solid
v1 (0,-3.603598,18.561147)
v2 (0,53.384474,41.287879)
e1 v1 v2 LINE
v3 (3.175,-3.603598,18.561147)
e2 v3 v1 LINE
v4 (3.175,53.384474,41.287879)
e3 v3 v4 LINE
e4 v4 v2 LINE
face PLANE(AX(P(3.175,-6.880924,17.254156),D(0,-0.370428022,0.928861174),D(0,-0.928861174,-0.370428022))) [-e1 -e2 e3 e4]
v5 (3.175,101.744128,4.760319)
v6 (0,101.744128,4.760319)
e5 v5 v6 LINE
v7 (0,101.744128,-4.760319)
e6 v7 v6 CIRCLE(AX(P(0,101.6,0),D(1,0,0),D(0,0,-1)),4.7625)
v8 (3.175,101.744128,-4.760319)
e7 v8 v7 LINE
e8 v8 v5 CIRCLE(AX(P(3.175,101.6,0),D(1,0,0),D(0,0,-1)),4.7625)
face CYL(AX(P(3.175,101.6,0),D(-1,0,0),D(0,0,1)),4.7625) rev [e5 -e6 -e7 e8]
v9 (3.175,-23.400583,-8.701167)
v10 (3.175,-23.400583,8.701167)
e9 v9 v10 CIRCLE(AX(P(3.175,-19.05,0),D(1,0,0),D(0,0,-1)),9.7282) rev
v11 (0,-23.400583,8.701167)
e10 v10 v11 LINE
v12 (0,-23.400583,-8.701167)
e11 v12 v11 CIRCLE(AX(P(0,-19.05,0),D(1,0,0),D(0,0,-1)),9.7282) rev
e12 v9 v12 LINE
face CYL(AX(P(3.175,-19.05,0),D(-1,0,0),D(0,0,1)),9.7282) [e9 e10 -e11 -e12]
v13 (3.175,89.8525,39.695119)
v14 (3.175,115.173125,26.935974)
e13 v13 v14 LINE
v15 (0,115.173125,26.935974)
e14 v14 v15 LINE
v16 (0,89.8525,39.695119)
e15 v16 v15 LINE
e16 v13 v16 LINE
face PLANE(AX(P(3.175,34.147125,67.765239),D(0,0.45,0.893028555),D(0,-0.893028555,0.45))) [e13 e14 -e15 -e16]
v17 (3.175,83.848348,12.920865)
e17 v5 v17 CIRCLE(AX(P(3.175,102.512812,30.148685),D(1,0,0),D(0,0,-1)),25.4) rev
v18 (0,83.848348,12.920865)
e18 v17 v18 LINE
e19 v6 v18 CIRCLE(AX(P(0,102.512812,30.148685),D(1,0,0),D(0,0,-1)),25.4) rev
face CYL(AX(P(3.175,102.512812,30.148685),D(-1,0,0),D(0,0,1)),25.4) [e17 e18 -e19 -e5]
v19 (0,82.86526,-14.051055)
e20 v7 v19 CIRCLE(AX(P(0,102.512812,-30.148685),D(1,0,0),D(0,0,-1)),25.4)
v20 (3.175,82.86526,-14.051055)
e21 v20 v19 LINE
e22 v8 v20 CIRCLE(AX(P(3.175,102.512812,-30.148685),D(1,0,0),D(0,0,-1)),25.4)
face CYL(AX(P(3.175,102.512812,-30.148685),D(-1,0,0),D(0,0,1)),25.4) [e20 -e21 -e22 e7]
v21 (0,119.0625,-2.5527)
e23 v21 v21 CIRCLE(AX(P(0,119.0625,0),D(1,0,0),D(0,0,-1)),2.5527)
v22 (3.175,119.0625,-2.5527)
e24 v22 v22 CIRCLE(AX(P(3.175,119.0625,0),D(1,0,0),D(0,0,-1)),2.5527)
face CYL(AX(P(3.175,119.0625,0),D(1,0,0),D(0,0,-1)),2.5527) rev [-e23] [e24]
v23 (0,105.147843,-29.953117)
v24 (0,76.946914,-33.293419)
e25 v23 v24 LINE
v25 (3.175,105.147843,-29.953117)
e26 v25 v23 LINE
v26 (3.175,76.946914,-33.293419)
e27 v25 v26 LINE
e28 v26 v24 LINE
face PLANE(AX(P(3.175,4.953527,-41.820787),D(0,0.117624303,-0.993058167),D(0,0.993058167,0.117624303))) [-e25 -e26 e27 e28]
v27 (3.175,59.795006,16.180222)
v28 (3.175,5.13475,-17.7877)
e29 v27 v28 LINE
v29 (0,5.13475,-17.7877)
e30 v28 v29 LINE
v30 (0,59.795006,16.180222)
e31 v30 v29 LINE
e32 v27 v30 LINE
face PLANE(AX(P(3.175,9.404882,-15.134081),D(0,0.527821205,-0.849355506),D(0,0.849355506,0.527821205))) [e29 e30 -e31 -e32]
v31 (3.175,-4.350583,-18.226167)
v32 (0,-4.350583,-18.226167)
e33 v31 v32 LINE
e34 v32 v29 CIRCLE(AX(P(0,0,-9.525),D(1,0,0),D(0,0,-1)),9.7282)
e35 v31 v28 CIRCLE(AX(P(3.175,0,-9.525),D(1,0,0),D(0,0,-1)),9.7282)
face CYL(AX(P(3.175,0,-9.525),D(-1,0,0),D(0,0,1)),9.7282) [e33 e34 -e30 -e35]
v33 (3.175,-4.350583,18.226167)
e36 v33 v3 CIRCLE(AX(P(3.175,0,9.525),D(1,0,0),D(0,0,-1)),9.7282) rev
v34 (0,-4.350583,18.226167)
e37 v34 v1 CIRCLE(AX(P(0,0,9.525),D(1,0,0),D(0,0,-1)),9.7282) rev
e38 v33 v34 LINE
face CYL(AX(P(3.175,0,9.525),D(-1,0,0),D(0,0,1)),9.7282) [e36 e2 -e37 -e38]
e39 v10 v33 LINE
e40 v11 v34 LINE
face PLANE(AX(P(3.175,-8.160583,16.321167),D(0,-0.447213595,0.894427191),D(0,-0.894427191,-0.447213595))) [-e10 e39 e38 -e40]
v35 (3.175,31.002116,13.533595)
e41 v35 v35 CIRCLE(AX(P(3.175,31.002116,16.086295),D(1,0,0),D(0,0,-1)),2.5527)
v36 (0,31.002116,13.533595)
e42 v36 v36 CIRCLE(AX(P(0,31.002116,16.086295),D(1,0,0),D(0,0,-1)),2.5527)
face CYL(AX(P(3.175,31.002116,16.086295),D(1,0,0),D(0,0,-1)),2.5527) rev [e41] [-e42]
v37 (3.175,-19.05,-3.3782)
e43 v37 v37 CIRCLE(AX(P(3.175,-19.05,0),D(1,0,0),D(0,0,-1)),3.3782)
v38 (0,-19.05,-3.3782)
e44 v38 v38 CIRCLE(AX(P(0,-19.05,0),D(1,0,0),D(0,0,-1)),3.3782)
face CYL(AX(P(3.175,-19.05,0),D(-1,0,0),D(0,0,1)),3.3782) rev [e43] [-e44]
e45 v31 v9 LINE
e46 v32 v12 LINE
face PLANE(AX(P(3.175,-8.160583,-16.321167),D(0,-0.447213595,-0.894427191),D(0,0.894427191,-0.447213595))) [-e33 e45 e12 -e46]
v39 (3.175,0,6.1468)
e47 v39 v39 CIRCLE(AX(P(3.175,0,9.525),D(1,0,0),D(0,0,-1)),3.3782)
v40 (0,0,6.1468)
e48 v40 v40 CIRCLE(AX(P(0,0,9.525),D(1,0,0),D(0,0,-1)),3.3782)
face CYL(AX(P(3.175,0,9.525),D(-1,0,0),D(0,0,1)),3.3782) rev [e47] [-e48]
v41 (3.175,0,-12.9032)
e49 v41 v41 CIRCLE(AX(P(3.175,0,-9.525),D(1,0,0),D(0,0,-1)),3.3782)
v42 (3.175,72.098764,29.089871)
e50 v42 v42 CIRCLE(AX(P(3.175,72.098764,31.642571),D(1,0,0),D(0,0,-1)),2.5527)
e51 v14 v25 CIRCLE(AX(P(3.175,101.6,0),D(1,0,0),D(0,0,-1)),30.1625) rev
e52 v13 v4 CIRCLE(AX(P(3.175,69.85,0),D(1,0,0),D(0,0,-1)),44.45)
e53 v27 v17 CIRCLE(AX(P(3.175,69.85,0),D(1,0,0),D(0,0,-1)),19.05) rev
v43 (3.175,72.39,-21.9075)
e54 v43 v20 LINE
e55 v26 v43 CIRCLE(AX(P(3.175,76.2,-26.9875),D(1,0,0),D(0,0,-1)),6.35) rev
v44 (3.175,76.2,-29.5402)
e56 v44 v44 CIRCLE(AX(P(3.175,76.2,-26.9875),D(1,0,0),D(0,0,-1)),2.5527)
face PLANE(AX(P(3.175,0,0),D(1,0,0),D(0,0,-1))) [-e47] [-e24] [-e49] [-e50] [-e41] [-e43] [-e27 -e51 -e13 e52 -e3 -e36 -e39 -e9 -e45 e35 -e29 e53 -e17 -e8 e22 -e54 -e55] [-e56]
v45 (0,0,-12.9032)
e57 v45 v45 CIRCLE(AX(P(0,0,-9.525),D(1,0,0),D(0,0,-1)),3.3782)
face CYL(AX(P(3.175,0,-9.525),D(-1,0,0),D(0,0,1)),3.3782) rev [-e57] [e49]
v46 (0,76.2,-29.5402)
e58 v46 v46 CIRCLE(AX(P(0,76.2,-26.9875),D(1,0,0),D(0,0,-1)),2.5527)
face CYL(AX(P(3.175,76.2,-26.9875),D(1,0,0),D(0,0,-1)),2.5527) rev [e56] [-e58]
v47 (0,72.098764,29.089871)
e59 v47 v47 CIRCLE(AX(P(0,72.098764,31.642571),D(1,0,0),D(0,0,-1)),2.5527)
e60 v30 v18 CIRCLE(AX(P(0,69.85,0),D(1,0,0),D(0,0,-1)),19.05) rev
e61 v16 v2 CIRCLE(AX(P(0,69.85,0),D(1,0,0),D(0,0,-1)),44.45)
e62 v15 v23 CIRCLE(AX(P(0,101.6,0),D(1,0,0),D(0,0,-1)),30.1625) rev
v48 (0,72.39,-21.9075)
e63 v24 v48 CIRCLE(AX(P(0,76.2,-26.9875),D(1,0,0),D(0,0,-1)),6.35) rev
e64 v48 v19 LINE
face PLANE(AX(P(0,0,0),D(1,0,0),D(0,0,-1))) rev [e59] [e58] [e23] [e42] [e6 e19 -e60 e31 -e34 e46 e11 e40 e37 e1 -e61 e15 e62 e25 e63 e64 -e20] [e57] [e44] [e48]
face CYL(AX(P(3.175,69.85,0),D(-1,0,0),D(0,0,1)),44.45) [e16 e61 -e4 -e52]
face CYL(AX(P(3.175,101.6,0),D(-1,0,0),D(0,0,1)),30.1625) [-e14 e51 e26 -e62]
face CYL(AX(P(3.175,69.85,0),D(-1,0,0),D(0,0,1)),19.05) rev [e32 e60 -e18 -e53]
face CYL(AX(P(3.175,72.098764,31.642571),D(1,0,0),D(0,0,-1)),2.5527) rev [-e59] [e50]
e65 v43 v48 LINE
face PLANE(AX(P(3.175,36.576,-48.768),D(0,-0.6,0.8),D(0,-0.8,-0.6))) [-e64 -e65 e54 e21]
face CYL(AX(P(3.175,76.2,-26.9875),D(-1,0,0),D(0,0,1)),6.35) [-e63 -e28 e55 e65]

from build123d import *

# Parameters (mm, degrees)
SKETCH1_R              = 3.3782
BOSS_EXTRUDE1_DEPTH    = 3.175
F_10_CLEARANCE_HOLE1_D = 5.1054


with BuildPart() as part:
    # Sketch1 → Boss-Extrude1 (new body)
    with BuildSketch(Plane(origin=(0, 0, 0), x_dir=(0, 0, -1), z_dir=(1, 0, 0))):
        with BuildLine():
            Line((-16.180222385, 59.795006038), (17.787700231, 5.13475025))
            ThreePointArc((17.787700231, 5.13475025), (19.242822935, 0.449213357), (18.226166599, -4.3505833))
            Line((18.226166599, -4.3505833), (8.701166599, -23.4005833))
            ThreePointArc((8.701166599, -23.4005833), (0, -28.7782), (-8.701166599, -23.4005833))
            Line((-8.701166599, -23.4005833), (-18.226166599, -4.3505833))
            ThreePointArc((-18.226166599, -4.3505833), (-18.401518048, -3.980615854), (-18.561147274, -3.603597881))
            Line((-18.561147274, -3.603597881), (-41.287879188, 53.384474435))
            ThreePointArc((-41.287879188, 53.384474435), (-44.407665238, 71.789527798), (-39.695119269, 89.8525))
            Line((-39.695119269, 89.8525), (-26.935973789, 115.173125))
            ThreePointArc((-26.935973789, 115.173125), (5.234726153, 131.304781574), (29.953116968, 105.147843028))
            Line((29.953116968, 105.147843028), (33.293419362, 76.946914322))
            ThreePointArc((33.293419362, 76.946914322), (29.346967441, 70.304627798), (21.9075, 72.39))
            Line((21.9075, 72.39), (14.051055193, 82.865259743))
            ThreePointArc((14.051055193, 82.865259743), (7.358887034, 91.297415515), (4.760318612, 101.744128289))
            ThreePointArc((4.760318612, 101.744128289), (0, 106.3625), (-4.760318612, 101.744128289))
            ThreePointArc((-4.760318612, 101.744128289), (-7.038090513, 91.974290609), (-12.920864804, 83.848348214))
            ThreePointArc((-12.920864804, 83.848348214), (-18.877476959, 72.407999932), (-16.180222385, 59.795006038))
        make_face()
        with Locations((9.525, 0)):
            Circle(SKETCH1_R, mode=Mode.SUBTRACT)
        with Locations((-9.525, 0)):
            Circle(SKETCH1_R, mode=Mode.SUBTRACT)
        with Locations((0, -19.05)):
            Circle(SKETCH1_R, mode=Mode.SUBTRACT)
    extrude(amount=BOSS_EXTRUDE1_DEPTH)

    # #10 Clearance Hole1 (through all)
    with Locations(Plane(origin=(3.175, 0, 0), x_dir=(0, 0, -1), z_dir=(1, 0, 0))):
        with Locations((-16.086295304, 31.002116448), (-31.642571099, 72.098763865), (0, 119.0625), (26.9875, 76.2)):
            Hole(F_10_CLEARANCE_HOLE1_D / 2)


solid = part.part
